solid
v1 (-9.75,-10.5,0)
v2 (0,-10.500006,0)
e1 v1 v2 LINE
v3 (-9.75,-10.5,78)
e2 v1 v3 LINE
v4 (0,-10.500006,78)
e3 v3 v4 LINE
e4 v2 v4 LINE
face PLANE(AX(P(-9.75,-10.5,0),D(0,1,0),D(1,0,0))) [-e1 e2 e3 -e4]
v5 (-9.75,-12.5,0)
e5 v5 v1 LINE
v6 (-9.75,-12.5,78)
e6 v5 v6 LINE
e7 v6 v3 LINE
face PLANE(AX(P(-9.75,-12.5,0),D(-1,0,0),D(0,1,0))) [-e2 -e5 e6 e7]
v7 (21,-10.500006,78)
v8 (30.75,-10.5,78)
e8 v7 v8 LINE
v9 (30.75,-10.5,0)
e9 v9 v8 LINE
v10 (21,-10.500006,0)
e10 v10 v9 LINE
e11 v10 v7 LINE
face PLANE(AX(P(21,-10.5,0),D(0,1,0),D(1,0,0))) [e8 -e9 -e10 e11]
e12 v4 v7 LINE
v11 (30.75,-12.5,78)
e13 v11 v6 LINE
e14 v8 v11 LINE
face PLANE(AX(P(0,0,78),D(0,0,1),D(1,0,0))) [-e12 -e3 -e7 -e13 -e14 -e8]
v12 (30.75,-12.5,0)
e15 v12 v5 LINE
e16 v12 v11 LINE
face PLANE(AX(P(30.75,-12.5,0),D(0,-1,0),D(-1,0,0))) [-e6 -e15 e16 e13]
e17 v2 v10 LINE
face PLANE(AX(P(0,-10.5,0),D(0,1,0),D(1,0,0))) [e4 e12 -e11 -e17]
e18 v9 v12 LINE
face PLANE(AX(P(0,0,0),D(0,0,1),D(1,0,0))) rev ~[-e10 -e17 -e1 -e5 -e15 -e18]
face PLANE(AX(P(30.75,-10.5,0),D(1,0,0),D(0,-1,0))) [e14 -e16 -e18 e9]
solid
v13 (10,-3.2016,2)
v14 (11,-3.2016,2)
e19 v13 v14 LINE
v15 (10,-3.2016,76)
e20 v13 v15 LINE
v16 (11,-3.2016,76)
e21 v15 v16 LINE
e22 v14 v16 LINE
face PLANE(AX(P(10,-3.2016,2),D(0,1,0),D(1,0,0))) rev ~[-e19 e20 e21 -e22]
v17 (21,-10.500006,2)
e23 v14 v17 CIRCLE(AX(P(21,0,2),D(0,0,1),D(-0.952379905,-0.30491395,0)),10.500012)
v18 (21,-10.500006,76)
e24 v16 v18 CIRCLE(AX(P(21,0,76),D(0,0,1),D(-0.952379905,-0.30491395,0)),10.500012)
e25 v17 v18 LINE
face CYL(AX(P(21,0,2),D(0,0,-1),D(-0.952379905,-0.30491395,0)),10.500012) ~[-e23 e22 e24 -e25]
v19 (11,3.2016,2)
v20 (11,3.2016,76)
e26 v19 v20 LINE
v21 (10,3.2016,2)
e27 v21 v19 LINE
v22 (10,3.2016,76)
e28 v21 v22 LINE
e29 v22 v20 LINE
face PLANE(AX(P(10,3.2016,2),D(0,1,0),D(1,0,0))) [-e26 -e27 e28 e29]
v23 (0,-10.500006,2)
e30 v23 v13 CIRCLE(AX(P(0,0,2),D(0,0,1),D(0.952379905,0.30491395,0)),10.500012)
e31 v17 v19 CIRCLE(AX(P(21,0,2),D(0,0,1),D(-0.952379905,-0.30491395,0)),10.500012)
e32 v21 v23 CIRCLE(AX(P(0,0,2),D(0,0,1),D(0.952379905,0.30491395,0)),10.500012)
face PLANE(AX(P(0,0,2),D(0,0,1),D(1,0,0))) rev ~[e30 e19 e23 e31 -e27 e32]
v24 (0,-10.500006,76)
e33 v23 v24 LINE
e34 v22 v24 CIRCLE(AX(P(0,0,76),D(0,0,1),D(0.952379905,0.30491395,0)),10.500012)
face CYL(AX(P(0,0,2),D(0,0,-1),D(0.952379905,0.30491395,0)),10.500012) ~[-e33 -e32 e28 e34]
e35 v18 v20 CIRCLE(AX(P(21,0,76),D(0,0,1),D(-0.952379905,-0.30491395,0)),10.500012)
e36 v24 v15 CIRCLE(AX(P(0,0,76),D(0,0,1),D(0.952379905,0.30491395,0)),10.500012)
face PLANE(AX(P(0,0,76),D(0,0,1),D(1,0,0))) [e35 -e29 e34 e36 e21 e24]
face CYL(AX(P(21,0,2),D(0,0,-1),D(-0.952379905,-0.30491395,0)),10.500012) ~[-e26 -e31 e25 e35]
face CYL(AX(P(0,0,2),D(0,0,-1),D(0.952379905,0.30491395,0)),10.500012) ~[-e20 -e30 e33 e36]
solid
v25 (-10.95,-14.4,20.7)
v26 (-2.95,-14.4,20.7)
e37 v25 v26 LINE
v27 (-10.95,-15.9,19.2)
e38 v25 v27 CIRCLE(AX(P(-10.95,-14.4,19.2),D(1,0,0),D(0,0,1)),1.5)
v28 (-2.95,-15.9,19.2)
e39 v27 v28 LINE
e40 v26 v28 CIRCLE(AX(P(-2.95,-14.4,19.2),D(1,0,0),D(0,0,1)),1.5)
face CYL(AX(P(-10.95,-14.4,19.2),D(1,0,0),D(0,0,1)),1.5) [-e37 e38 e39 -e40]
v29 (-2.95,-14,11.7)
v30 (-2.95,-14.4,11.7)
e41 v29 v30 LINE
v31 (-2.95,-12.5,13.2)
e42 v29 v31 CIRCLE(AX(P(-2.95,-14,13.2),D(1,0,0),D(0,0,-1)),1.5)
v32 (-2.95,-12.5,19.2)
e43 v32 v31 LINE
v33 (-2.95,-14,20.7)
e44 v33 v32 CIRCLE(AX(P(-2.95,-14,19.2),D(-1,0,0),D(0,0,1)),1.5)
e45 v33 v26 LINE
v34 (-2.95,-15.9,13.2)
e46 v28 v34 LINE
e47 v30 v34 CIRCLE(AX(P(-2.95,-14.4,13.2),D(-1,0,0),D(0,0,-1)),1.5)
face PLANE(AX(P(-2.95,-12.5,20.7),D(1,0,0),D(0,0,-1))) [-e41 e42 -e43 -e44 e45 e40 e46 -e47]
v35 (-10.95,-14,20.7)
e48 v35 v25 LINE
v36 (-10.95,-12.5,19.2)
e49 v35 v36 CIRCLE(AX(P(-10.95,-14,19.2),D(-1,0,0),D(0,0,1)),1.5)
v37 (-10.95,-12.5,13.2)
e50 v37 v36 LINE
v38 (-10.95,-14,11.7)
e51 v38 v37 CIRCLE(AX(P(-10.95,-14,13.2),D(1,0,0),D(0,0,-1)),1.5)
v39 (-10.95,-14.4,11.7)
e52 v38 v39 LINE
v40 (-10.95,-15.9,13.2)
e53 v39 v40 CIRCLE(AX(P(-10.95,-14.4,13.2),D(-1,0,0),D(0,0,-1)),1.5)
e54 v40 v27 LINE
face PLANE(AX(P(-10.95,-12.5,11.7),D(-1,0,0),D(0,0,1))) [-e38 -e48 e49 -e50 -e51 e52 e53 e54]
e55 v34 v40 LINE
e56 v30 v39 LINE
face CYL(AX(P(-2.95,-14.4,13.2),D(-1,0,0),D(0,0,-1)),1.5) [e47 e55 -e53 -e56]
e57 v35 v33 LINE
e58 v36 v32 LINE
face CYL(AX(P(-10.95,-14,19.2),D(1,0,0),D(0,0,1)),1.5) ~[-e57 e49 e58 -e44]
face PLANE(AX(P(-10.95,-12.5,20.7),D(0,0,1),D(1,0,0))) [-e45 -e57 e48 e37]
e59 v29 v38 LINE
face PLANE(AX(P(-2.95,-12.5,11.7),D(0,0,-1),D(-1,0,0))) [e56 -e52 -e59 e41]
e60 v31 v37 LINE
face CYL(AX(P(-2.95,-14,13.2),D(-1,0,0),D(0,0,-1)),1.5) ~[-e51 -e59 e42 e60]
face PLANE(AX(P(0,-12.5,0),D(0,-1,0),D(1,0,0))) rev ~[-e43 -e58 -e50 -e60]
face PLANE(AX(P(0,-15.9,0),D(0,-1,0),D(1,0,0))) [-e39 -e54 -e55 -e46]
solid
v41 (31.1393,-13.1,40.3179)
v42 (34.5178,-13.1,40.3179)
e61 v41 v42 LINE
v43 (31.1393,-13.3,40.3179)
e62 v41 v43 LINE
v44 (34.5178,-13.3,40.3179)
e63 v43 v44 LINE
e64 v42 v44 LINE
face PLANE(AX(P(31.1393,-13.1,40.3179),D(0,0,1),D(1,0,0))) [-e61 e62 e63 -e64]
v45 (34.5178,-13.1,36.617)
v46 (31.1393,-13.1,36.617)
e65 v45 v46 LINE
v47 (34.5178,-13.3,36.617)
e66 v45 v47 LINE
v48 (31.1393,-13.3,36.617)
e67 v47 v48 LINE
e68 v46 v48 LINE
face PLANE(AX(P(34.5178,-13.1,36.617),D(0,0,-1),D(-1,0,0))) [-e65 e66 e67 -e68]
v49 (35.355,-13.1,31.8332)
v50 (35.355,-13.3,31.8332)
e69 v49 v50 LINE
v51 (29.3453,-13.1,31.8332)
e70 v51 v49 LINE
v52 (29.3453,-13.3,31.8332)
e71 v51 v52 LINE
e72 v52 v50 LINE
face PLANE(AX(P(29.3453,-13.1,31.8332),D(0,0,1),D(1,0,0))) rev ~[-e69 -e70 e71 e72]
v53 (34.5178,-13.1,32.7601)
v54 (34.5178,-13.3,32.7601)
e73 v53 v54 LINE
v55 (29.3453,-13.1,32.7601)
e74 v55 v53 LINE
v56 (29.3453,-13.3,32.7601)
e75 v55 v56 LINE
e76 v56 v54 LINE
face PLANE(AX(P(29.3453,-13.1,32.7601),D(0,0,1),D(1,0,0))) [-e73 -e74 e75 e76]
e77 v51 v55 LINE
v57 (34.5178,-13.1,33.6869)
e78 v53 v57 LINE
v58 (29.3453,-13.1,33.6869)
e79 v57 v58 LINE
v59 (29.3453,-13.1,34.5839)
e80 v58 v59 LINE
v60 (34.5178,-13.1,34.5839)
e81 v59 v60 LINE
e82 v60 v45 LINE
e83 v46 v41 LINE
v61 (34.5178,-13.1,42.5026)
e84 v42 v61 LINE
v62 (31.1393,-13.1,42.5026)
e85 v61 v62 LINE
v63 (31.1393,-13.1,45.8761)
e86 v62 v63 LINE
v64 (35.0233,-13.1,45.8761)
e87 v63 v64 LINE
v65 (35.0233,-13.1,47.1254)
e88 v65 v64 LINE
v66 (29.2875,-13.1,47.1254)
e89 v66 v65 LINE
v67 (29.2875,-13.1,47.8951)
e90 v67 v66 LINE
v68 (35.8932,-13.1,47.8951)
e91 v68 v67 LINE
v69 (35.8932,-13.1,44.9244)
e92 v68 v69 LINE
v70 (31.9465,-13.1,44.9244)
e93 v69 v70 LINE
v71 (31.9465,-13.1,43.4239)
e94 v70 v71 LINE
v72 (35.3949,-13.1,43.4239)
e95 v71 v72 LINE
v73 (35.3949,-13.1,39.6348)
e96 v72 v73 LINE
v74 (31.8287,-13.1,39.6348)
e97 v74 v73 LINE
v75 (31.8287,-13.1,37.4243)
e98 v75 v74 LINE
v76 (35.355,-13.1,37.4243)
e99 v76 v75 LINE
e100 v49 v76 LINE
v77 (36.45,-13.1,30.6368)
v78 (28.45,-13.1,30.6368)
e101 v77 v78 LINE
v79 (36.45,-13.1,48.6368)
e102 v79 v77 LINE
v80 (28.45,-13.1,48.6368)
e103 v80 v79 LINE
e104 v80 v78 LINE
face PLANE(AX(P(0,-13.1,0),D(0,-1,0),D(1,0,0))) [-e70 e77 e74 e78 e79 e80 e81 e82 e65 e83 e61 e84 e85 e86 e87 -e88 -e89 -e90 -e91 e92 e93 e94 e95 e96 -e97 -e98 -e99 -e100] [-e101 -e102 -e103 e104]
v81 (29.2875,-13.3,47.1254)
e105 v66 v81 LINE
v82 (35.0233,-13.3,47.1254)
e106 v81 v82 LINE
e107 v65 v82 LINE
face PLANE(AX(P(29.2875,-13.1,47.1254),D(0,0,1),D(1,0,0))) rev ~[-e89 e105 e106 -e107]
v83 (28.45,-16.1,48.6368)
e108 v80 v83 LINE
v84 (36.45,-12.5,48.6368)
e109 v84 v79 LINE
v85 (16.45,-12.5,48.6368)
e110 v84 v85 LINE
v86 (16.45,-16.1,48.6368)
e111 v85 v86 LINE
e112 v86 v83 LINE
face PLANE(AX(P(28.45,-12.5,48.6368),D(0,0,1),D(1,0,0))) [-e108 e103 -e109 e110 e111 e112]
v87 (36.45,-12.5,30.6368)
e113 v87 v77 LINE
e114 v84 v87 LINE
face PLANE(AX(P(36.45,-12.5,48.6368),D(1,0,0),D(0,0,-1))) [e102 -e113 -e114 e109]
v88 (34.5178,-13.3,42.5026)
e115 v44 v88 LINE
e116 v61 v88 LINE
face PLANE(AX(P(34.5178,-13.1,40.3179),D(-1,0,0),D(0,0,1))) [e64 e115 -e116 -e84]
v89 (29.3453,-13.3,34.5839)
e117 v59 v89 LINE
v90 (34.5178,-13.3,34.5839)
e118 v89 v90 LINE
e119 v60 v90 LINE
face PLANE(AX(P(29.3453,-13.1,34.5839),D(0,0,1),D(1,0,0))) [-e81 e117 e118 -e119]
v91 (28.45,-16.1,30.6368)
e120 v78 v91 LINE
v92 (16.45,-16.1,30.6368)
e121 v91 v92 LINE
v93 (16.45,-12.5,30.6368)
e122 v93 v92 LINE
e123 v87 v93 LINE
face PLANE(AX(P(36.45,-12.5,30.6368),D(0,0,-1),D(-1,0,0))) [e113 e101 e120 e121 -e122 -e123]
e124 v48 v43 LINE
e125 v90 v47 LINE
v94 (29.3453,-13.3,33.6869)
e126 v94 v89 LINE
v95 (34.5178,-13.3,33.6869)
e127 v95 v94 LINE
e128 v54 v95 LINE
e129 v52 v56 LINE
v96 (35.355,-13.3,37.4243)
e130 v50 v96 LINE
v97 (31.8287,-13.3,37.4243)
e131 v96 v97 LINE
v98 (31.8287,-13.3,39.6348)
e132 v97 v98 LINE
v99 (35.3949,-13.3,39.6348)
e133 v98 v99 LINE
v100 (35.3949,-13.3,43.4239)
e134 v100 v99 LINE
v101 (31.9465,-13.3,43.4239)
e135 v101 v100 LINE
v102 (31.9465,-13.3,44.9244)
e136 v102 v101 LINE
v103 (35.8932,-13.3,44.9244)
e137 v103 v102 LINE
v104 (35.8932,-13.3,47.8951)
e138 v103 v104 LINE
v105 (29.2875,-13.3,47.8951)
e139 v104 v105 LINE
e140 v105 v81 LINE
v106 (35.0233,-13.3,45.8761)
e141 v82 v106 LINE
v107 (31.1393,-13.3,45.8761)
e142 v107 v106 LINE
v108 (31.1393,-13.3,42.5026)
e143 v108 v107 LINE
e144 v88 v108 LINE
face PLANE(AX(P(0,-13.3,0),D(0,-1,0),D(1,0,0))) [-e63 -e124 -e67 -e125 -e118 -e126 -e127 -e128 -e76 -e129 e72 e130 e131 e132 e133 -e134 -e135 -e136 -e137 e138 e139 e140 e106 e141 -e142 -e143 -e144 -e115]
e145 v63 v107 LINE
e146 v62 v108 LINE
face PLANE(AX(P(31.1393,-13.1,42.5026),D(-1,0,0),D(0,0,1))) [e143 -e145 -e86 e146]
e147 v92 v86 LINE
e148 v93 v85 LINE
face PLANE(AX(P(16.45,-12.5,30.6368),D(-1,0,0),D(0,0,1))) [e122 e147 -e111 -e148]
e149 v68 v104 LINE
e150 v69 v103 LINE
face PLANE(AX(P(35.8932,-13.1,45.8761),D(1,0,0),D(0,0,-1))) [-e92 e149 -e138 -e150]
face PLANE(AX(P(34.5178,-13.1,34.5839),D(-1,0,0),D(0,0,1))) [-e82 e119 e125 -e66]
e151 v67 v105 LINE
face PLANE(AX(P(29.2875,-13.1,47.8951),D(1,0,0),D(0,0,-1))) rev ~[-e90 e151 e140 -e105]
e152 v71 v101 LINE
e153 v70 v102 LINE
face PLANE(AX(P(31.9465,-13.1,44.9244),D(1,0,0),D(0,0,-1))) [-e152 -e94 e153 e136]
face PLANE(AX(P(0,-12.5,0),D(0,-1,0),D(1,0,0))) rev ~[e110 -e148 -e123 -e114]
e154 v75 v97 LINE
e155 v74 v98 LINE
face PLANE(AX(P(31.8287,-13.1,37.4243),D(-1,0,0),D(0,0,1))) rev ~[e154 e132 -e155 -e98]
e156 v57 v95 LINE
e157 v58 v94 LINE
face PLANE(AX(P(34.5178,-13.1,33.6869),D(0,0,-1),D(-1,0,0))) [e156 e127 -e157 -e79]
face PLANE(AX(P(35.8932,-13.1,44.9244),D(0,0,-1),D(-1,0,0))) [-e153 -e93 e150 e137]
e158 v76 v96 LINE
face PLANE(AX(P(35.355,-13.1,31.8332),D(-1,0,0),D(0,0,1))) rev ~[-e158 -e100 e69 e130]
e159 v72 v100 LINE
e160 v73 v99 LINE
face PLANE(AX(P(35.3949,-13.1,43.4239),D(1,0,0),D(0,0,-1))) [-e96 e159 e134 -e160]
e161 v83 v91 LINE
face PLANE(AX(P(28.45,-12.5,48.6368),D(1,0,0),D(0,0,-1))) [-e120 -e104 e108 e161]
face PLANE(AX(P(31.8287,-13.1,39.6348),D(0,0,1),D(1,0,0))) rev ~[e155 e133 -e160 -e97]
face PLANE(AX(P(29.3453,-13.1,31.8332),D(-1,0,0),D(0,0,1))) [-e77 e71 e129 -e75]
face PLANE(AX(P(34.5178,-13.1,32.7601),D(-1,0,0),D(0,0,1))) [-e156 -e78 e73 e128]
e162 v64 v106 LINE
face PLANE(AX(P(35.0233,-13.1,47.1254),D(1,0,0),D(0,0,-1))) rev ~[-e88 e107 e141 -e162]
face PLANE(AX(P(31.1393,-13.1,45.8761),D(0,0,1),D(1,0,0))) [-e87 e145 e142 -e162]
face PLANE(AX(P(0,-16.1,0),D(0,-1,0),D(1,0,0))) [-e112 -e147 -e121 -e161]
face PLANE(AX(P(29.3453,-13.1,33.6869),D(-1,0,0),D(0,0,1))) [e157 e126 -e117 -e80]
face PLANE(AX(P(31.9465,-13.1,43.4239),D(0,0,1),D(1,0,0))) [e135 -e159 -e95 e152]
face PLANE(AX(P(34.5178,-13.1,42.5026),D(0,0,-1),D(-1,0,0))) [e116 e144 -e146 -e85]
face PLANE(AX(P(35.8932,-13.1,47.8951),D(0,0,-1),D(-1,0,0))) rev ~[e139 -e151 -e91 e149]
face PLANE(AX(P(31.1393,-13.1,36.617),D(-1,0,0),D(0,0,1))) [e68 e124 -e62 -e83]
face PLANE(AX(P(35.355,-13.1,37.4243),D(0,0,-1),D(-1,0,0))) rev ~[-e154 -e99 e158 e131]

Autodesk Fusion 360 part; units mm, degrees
sketch "Sketch1" plane through (0, 0, 0) normal (0, 0, 1) x (1, 0, 0)
  line L0 (-9.75, -10.5) -> (30.75, -10.5)
  line L1 (30.75, -10.5) -> (30.75, -12.5)
  line L2 (30.75, -12.5) -> (-9.75, -12.5)
  line L3 (-9.75, -12.5) -> (-9.75, -10.5)
  line L4 (21, 0) -> (0, 0) construction
  line L5 (10.5, -10.5) -> (10.5, 0) construction
  line L6 (10, 3.2016) -> (11, 3.2016)
  line L7 (10, -3.2016) -> (11, -3.2016)
  arc A0 (10, 3.2016) -> (10, -3.2016) centre (0, 0) ccw
  arc A1 (10, -3.2016) -> (10.5, 0) centre (0, 0) ccw construction
  arc A2 (11, -3.2016) -> (11, 3.2016) centre (21, 0) ccw
  arc A3 (10.5, 0) -> (11, -3.2016) centre (21, 0) ccw construction
  arc A4 (10.5, 0) -> (10, 3.2016) centre (0, 0) ccw construction
  arc A5 (11, 3.2016) -> (10.5, 0) centre (21, 0) ccw construction
  dimension "d1" = 21
  dimension "d2" = 2
  dimension "d3" = 40.5
  dimension "d9" = 1
extrude "Extrude1" add sketch "Sketch1" along normal blind 78 contours L0 L1 L2 L3 makes body 1
extrude "Extrude2" add sketch "Sketch1" along normal blind 74 from surface at 2 separate body contours L6 L7 A0 A2 makes body 2
sketch "Sketch4" plane through (0, -12.5, 0) normal (0, -1, 0) x (1, 0, 0)
  line L0 (-9.75, 0) -> (30.75, 0)
  line L1 (30.75, 0) -> (30.75, 78) construction
  line L2 (30.75, 78) -> (-9.75, 78)
  line L3 (-9.75, 78) -> (-9.75, 0) construction
  line L4 (-10.95, 20.7) -> (-2.95, 20.7)
  line L5 (-2.95, 20.7) -> (-2.95, 11.7)
  line L6 (-2.95, 11.7) -> (-10.95, 11.7)
  line L7 (-10.95, 11.7) -> (-10.95, 20.7)
  line L8 (16.45, 48.6368) -> (36.45, 48.6368)
  line L9 (36.45, 48.6368) -> (36.45, 30.6368)
  line L10 (36.45, 30.6368) -> (16.45, 30.6368)
  line L11 (16.45, 30.6368) -> (16.45, 48.6368)
  line L12 (28.45, 48.6368) -> (28.45, 30.6368)
  dimension "d25" = 9
  dimension "d26" = 8
  dimension "d27" = 1.2
  dimension "d28" = 11.7
  dimension "d29" = 18
  dimension "d30" = 20
  dimension "d31" = 12
  dimension "d32" = 5.7
extrude "Extrude5" add sketch "Sketch4" along normal blind 3.4 separate body contours L4 L5 L6 L7 makes body 3
extrude "Extrude6" add sketch "Sketch4" along normal blind 0.6 separate body contours L8 L9 L10 L12 makes body 4
extrude "Extrude7" add sketch "Sketch4" along normal blind 3.6 contours L8 L10 L11 L12 bodies 4
fillet "Fillet1" radius 1.5 4 edges at (-6.95, -15.9, 11.7) (-6.95, -12.5, 11.7) (-6.95, -15.9, 20.7) (-6.95, -12.5, 20.7) on bodies 3
sketch "Sketch5" plane through (0, -13.1, 0) normal (0, -1, 0) x (1, 0, 0)
  line L0 (36.45, 48.6368) -> (28.45, 48.6368)
  line L1 (28.45, 48.6368) -> (28.45, 30.6368)
  line L2 (28.45, 30.6368) -> (36.45, 30.6368)
  line L3 (36.45, 30.6368) -> (36.45, 48.6368)
  line L4 (29.3453, 31.8332) -> (35.355, 31.8332)
  line L5 (35.355, 31.8332) -> (35.355, 37.4243)
  line L6 (35.355, 37.4243) -> (31.8287, 37.4243)
  line L7 (31.8287, 37.4243) -> (31.8287, 39.6348)
  line L8 (31.8287, 39.6348) -> (35.3949, 39.6348)
  line L9 (29.3453, 31.8332) -> (29.3453, 32.7601)
  line L10 (29.3453, 32.7601) -> (34.5178, 32.7601)
  line L11 (34.5178, 32.7601) -> (34.5178, 33.6869)
  line L12 (34.5178, 33.6869) -> (29.3453, 33.6869)
  line L13 (29.3453, 33.6869) -> (29.3453, 34.5839)
  line L14 (29.3453, 34.5839) -> (34.5178, 34.5839)
  line L15 (34.5178, 34.5839) -> (34.5178, 36.617)
  line L16 (34.5178, 36.617) -> (31.1393, 36.617)
  line L17 (31.1393, 36.617) -> (31.1393, 40.3179)
  line L18 (31.1393, 40.3179) -> (34.5178, 40.3179)
  line L19 (34.5178, 40.3179) -> (34.5178, 42.5026)
  line L20 (34.5178, 42.5026) -> (31.1393, 42.5026)
  line L21 (31.1393, 42.5026) -> (31.1393, 45.8761)
  line L22 (31.1393, 45.8761) -> (35.8932, 45.8761)
  line L23 (35.8932, 45.8761) -> (35.8932, 44.9244)
  line L24 (35.8932, 44.9244) -> (31.9465, 44.9244)
  line L25 (31.9465, 44.9244) -> (31.9465, 43.4239)
  line L26 (31.9465, 43.4239) -> (35.3949, 43.4239)
  line L27 (35.3949, 43.4239) -> (35.3949, 39.6348)
  line L28 (29.2875, 47.8951) -> (29.2875, 47.1254)
  line L29 (29.2875, 47.1254) -> (35.0233, 47.1254)
  line L30 (35.0233, 47.1254) -> (35.0233, 45.8761)
  line L31 (35.8932, 45.8761) -> (35.8932, 47.8951)
  line L32 (35.8932, 47.8951) -> (29.2875, 47.8951)
extrude "Extrude8" add sketch "Sketch5" along normal blind 0.2 contours L4 L5 L6 L7 L8 L9 L10 L11 L12 L13 L14 L15 L16 L17 L18 L19 L20 L21 L22 L23 L24 L25 L26 L27 | L22 L28 L29 L30 L31 L32 bodies 4
